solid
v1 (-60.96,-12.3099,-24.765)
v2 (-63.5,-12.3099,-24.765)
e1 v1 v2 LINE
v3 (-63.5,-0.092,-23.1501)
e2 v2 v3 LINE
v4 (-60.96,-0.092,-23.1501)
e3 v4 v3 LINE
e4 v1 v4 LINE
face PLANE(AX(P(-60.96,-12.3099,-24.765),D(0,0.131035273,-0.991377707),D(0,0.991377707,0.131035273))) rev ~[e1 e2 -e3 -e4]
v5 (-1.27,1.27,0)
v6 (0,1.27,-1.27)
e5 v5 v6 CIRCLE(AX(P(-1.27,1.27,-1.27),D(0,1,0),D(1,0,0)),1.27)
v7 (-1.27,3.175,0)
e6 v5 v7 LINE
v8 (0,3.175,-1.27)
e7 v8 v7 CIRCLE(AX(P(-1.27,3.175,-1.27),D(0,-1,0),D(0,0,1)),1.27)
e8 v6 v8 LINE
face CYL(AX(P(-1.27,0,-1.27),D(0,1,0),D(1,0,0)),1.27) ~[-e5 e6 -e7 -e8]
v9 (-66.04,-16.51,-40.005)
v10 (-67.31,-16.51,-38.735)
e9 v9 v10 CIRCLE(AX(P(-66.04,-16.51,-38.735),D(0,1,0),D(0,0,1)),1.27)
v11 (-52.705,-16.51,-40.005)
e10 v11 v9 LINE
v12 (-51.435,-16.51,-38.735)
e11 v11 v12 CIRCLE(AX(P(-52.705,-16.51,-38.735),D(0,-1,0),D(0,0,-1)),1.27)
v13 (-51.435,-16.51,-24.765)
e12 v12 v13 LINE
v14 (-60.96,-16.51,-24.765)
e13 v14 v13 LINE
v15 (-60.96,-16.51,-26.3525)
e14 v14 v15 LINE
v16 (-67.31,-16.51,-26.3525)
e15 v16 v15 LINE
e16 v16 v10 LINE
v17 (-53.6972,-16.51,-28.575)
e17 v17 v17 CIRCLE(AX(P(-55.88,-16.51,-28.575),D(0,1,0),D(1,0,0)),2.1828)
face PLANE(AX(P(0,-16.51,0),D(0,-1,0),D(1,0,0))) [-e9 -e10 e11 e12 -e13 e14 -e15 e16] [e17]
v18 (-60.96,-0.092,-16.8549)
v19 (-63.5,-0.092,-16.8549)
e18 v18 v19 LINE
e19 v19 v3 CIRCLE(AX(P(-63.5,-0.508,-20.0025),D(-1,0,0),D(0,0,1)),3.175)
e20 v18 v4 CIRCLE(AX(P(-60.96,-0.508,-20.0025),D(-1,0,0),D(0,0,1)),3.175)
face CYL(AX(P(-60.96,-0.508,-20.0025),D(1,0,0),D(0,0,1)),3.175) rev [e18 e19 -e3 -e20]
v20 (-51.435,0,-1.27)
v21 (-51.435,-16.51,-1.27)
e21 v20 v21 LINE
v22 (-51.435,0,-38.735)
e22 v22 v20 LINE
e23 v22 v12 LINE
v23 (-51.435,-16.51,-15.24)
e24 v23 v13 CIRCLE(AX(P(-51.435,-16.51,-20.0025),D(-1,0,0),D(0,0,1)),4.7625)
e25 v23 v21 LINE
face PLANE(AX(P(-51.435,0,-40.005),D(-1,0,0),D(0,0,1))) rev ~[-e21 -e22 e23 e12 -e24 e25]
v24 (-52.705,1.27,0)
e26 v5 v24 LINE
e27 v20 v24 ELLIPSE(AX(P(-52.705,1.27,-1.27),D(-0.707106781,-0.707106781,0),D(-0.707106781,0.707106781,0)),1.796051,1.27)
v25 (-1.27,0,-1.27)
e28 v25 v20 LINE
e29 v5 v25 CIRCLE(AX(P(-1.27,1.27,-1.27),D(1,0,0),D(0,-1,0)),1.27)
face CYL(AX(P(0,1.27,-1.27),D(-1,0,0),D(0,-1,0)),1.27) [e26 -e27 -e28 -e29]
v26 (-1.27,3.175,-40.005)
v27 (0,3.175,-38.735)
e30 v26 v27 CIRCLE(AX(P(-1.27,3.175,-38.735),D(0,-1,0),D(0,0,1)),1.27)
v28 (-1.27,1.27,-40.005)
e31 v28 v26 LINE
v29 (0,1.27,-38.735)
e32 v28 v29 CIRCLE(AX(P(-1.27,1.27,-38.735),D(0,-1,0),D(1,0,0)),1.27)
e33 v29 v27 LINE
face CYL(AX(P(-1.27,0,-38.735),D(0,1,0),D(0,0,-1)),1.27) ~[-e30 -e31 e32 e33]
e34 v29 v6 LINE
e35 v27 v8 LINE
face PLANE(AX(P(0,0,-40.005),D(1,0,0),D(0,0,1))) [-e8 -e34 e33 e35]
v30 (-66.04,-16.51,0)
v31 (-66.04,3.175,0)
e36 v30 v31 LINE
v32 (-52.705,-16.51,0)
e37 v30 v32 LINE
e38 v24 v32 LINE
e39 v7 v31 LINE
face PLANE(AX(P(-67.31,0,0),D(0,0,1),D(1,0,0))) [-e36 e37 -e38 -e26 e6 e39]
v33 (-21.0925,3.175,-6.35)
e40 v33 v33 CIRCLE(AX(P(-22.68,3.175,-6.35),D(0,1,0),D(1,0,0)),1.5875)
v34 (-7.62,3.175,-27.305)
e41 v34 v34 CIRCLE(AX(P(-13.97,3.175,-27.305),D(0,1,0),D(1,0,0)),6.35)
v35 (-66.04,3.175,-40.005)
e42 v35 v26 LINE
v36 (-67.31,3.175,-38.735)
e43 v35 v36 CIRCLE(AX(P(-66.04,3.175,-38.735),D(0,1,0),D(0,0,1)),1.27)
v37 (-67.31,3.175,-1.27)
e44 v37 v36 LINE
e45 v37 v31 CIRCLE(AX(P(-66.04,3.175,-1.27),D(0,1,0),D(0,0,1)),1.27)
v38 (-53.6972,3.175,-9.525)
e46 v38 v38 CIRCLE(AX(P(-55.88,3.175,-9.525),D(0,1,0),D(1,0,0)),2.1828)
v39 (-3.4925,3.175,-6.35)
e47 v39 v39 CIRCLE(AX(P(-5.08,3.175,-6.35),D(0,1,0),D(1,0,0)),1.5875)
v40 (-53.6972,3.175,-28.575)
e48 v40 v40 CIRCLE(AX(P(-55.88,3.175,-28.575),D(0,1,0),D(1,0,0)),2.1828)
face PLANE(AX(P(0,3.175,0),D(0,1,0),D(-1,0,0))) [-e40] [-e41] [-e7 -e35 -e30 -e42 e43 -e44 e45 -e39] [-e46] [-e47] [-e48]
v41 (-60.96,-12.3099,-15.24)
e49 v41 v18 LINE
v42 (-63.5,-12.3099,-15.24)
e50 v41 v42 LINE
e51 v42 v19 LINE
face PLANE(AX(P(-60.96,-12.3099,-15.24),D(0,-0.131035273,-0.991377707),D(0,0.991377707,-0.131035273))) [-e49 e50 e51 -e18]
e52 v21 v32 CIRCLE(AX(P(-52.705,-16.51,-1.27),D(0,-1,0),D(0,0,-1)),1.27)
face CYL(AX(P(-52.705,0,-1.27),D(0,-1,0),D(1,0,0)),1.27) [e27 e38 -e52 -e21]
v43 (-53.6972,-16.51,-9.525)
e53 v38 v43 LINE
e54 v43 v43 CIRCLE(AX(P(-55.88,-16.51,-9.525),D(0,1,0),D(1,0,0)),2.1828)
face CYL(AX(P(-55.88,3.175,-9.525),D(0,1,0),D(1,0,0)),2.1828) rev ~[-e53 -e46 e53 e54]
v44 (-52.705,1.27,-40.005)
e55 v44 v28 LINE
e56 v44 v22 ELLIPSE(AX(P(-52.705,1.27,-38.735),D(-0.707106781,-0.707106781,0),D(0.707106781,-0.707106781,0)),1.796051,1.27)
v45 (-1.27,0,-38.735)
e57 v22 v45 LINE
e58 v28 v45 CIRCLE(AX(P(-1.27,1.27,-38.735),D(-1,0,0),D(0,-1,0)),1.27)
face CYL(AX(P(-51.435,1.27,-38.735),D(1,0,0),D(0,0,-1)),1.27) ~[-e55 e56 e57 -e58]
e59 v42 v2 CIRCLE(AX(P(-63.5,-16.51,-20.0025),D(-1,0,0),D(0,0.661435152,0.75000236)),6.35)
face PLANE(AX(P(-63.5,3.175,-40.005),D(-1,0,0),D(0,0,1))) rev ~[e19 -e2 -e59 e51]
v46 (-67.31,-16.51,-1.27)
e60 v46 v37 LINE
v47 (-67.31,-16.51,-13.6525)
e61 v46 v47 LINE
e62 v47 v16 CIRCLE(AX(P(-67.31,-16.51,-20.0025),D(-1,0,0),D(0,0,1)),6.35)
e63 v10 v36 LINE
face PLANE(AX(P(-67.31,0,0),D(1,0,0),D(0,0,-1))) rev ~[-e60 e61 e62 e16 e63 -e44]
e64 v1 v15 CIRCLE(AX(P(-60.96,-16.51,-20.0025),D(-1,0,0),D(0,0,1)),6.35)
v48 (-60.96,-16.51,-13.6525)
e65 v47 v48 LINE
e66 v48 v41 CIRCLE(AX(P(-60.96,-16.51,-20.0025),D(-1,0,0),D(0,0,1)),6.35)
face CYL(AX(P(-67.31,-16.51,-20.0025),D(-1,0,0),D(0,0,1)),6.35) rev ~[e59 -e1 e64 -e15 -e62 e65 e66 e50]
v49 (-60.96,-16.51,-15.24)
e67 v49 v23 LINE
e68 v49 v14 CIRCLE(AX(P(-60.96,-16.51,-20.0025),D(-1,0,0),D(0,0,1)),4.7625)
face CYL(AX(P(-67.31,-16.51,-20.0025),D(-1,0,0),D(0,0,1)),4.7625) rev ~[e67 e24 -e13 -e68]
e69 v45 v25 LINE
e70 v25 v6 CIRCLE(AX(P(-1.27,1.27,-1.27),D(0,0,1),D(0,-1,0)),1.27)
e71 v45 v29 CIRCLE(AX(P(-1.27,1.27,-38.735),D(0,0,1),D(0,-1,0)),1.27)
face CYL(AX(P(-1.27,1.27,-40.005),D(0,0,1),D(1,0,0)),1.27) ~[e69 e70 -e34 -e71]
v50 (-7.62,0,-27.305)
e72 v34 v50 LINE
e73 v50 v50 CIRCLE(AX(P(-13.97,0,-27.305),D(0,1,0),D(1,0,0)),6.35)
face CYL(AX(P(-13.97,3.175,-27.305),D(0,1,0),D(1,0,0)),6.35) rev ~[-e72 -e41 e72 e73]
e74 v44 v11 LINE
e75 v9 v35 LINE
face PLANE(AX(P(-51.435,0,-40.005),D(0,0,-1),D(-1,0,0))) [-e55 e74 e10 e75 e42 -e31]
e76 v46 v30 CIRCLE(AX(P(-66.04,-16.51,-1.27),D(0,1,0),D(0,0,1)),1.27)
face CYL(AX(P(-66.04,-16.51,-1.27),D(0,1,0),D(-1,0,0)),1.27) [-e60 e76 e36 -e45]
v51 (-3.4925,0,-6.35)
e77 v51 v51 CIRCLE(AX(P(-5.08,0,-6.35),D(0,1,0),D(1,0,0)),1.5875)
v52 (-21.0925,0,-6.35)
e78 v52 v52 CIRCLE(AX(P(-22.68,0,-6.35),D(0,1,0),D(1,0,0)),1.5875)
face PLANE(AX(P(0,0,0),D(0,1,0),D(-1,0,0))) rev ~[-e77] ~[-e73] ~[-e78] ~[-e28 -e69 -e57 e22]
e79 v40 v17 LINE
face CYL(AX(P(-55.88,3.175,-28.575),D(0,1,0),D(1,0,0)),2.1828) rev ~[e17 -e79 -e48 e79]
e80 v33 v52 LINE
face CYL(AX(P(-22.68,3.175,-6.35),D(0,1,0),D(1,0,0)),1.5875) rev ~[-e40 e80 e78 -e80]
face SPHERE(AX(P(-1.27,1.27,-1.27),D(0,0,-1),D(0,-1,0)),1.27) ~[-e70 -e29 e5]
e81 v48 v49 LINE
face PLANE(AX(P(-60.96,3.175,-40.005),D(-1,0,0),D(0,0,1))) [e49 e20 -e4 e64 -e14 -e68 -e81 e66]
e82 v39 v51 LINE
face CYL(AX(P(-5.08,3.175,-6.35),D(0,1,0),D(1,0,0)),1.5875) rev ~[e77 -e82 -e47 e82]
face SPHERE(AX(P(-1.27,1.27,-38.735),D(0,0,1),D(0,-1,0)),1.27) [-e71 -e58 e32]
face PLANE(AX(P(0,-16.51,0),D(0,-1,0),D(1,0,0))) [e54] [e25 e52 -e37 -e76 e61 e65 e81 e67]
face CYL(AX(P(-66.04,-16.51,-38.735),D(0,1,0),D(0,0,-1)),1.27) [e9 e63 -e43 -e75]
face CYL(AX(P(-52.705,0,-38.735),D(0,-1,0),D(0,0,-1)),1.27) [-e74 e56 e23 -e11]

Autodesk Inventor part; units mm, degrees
ref_plane "YZ Plane" through (0, 0, 0) normal (1, 0, 0) x (0, 1, 0)
ref_plane "XZ Plane" through (0, 0, 0) normal (0, 1, 0) x (-1, 0, 0)
ref_plane "XY Plane" through (0, 0, 0) normal (0, 0, 1) x (1, 0, 0)
sketch "Sketch1" plane through (0, 0, 0) normal (0, 1, 0) x (-1, 0, 0)
  line L0 (0, 0) -> (67.31, 0)
  line L1 (67.31, 0) -> (67.31, -40.005)
  line L2 (67.31, -40.005) -> (0, -40.005)
  line L3 (0, -40.005) -> (0, 0)
  dimension "d0" = 40.005
  dimension "d1" = 67.31
extrude "Extrusion1" add sketch "Sketch1" along normal blind 3.175
sketch "Sketch2" plane through (0, 3.175, 0) normal (0, 1, 0) x (1, 0, 0)
  circle A0 centre (-13.97, 27.305) radius 6.35
  line L0 (0, 0) -> (0, 40.005) projected
  line L1 (-67.31, 0) -> (0, 0) projected
  line L2 (0, 40.005) -> (-67.31, 40.005) projected
  circle A1 centre (-5.08, 6.35) radius 1.5875
  circle A2 centre (-22.68, 6.35) radius 1.5875
  dimension "d4" = 13.97
  dimension "d28" = 12.7
  dimension "d29" = 12.7
  dimension "d30" = 3.175
  dimension "d31" = 3.175
  dimension "d32" = 5.08
  dimension "d33" = 17.6
  dimension "d34" = 6.35
  dimension "d35" = 6.35
extrude "Extrusion2" cut sketch "Sketch2" against normal blind 6.35
sketch "Sketch3" plane through (0, 0, 0) normal (0, -1, 0) x (1, 0, 0)
  line L0 (0, -40.005) -> (-67.31, -40.005) projected
  line L1 (-67.31, 0) -> (0, 0) projected
  line L2 (-67.31, -40.005) -> (-51.435, -40.005)
  line L3 (-51.435, -40.005) -> (-51.435, 0)
  line L4 (-51.435, 0) -> (-67.31, 0)
  line L5 (-67.31, 0) -> (-67.31, -40.005)
  point P0 (-67.31, 0)
  dimension "d8" = 15.875
extrude "Extrusion3" add sketch "Sketch3" along normal blind 16.51
sketch "Sketch4" plane through (-67.31, 3.175, -40.005) normal (-1, 0, 0) x (0, 0, 1)
  line L0 (40.005, -19.685) -> (0, -19.685) projected
  circle A0 centre (20.0025, -19.685) radius 6.35
  point P0 (40.005, -3.175)
  point P1 (13.6525, -19.685)
  point P2 (26.3525, -19.685)
  dimension "d11" = 12.7
extrude "Extrusion4" cut sketch "Sketch4" against normal blind 6.35 contours L0 A0 picked at (22.0577, -19.1784)
sketch "Sketch5" plane through (-60.96, 3.175, -40.005) normal (-1, 0, 0) x (0, 0, 1)
  line L0 (26.3525, -19.685) -> (13.6525, -19.685) projected
  line L1 (20.0025, -19.685) -> (20.0025, -3.683)
  circle A0 centre (20.0025, -3.683) radius 3.175
  arc A1 (26.3525, -19.685) -> (13.6525, -19.685) centre (20.0025, -19.685) ccw projected
  line L2 (24.765, -15.4849) -> (15.24, -15.4849)
  line L3 (24.765, -15.4849) -> (23.1501, -3.267)
  line L4 (15.24, -15.4849) -> (16.8549, -3.267)
  point P0 (40.005, -3.175)
  dimension "d14" = 16.002
  dimension "d15" = 6.35
  dimension "d16" = 9.525
extrude "Extrusion5" cut sketch "Sketch5" along normal blind 2.54 contours A1 L1 A0 L3 | A1 L4 A0 L1 | A0
sketch "Sketch6" plane through (0, 3.175, 0) normal (0, 1, 0) x (1, 0, 0)
  circle A0 centre (-55.88, 28.575) radius 2.1828
  circle A1 centre (-55.88, 9.525) radius 2.1828
  line L0 (-67.31, 40.005) -> (-67.31, 0) projected
  line L1 (-67.31, 0) -> (0, 0) projected
  dimension "d19" = 4.3656
  dimension "d20" = 4.3656
  dimension "d21" = 11.43
  dimension "d22" = 11.43
  dimension "d23" = 19.05
  dimension "d24" = 9.525
extrude "Extrusion6" cut sketch "Sketch6" against normal blind 25.4
fillet "Fillet1" radius 1.27 9 edges at (0, 0, -20.0025) (-25.7175, 0, 0) (-25.7175, 0, -40.005) (-51.435, -8.255, 0) (0, 1.5875, 0) (0, 1.5875, -40.005) (-67.31, -6.6675, -40.005) (-51.435, -8.255, -40.005) (-67.31, -6.6675, 0)
sketch "Sketch7" plane through (-67.31, -16.51, -20.0025) normal (-1, 0, 0) x (0, 0, 1)
  line L0 (-18.7325, 0) -> (18.7325, 0) projected
  circle A0 centre (0, 0) radius 4.7625
  point P0 (20.0025, 16.51)
  point P1 (4.7625, 0)
  point P2 (-4.7625, 0)
  dimension "d38" = 9.525
extrude "Extrusion7" cut sketch "Sketch7" against normal blind 25.4 contours A0 L0 picked at (1.1883, 1.0527)
properties part number "SwerveDriveBracket_B"
